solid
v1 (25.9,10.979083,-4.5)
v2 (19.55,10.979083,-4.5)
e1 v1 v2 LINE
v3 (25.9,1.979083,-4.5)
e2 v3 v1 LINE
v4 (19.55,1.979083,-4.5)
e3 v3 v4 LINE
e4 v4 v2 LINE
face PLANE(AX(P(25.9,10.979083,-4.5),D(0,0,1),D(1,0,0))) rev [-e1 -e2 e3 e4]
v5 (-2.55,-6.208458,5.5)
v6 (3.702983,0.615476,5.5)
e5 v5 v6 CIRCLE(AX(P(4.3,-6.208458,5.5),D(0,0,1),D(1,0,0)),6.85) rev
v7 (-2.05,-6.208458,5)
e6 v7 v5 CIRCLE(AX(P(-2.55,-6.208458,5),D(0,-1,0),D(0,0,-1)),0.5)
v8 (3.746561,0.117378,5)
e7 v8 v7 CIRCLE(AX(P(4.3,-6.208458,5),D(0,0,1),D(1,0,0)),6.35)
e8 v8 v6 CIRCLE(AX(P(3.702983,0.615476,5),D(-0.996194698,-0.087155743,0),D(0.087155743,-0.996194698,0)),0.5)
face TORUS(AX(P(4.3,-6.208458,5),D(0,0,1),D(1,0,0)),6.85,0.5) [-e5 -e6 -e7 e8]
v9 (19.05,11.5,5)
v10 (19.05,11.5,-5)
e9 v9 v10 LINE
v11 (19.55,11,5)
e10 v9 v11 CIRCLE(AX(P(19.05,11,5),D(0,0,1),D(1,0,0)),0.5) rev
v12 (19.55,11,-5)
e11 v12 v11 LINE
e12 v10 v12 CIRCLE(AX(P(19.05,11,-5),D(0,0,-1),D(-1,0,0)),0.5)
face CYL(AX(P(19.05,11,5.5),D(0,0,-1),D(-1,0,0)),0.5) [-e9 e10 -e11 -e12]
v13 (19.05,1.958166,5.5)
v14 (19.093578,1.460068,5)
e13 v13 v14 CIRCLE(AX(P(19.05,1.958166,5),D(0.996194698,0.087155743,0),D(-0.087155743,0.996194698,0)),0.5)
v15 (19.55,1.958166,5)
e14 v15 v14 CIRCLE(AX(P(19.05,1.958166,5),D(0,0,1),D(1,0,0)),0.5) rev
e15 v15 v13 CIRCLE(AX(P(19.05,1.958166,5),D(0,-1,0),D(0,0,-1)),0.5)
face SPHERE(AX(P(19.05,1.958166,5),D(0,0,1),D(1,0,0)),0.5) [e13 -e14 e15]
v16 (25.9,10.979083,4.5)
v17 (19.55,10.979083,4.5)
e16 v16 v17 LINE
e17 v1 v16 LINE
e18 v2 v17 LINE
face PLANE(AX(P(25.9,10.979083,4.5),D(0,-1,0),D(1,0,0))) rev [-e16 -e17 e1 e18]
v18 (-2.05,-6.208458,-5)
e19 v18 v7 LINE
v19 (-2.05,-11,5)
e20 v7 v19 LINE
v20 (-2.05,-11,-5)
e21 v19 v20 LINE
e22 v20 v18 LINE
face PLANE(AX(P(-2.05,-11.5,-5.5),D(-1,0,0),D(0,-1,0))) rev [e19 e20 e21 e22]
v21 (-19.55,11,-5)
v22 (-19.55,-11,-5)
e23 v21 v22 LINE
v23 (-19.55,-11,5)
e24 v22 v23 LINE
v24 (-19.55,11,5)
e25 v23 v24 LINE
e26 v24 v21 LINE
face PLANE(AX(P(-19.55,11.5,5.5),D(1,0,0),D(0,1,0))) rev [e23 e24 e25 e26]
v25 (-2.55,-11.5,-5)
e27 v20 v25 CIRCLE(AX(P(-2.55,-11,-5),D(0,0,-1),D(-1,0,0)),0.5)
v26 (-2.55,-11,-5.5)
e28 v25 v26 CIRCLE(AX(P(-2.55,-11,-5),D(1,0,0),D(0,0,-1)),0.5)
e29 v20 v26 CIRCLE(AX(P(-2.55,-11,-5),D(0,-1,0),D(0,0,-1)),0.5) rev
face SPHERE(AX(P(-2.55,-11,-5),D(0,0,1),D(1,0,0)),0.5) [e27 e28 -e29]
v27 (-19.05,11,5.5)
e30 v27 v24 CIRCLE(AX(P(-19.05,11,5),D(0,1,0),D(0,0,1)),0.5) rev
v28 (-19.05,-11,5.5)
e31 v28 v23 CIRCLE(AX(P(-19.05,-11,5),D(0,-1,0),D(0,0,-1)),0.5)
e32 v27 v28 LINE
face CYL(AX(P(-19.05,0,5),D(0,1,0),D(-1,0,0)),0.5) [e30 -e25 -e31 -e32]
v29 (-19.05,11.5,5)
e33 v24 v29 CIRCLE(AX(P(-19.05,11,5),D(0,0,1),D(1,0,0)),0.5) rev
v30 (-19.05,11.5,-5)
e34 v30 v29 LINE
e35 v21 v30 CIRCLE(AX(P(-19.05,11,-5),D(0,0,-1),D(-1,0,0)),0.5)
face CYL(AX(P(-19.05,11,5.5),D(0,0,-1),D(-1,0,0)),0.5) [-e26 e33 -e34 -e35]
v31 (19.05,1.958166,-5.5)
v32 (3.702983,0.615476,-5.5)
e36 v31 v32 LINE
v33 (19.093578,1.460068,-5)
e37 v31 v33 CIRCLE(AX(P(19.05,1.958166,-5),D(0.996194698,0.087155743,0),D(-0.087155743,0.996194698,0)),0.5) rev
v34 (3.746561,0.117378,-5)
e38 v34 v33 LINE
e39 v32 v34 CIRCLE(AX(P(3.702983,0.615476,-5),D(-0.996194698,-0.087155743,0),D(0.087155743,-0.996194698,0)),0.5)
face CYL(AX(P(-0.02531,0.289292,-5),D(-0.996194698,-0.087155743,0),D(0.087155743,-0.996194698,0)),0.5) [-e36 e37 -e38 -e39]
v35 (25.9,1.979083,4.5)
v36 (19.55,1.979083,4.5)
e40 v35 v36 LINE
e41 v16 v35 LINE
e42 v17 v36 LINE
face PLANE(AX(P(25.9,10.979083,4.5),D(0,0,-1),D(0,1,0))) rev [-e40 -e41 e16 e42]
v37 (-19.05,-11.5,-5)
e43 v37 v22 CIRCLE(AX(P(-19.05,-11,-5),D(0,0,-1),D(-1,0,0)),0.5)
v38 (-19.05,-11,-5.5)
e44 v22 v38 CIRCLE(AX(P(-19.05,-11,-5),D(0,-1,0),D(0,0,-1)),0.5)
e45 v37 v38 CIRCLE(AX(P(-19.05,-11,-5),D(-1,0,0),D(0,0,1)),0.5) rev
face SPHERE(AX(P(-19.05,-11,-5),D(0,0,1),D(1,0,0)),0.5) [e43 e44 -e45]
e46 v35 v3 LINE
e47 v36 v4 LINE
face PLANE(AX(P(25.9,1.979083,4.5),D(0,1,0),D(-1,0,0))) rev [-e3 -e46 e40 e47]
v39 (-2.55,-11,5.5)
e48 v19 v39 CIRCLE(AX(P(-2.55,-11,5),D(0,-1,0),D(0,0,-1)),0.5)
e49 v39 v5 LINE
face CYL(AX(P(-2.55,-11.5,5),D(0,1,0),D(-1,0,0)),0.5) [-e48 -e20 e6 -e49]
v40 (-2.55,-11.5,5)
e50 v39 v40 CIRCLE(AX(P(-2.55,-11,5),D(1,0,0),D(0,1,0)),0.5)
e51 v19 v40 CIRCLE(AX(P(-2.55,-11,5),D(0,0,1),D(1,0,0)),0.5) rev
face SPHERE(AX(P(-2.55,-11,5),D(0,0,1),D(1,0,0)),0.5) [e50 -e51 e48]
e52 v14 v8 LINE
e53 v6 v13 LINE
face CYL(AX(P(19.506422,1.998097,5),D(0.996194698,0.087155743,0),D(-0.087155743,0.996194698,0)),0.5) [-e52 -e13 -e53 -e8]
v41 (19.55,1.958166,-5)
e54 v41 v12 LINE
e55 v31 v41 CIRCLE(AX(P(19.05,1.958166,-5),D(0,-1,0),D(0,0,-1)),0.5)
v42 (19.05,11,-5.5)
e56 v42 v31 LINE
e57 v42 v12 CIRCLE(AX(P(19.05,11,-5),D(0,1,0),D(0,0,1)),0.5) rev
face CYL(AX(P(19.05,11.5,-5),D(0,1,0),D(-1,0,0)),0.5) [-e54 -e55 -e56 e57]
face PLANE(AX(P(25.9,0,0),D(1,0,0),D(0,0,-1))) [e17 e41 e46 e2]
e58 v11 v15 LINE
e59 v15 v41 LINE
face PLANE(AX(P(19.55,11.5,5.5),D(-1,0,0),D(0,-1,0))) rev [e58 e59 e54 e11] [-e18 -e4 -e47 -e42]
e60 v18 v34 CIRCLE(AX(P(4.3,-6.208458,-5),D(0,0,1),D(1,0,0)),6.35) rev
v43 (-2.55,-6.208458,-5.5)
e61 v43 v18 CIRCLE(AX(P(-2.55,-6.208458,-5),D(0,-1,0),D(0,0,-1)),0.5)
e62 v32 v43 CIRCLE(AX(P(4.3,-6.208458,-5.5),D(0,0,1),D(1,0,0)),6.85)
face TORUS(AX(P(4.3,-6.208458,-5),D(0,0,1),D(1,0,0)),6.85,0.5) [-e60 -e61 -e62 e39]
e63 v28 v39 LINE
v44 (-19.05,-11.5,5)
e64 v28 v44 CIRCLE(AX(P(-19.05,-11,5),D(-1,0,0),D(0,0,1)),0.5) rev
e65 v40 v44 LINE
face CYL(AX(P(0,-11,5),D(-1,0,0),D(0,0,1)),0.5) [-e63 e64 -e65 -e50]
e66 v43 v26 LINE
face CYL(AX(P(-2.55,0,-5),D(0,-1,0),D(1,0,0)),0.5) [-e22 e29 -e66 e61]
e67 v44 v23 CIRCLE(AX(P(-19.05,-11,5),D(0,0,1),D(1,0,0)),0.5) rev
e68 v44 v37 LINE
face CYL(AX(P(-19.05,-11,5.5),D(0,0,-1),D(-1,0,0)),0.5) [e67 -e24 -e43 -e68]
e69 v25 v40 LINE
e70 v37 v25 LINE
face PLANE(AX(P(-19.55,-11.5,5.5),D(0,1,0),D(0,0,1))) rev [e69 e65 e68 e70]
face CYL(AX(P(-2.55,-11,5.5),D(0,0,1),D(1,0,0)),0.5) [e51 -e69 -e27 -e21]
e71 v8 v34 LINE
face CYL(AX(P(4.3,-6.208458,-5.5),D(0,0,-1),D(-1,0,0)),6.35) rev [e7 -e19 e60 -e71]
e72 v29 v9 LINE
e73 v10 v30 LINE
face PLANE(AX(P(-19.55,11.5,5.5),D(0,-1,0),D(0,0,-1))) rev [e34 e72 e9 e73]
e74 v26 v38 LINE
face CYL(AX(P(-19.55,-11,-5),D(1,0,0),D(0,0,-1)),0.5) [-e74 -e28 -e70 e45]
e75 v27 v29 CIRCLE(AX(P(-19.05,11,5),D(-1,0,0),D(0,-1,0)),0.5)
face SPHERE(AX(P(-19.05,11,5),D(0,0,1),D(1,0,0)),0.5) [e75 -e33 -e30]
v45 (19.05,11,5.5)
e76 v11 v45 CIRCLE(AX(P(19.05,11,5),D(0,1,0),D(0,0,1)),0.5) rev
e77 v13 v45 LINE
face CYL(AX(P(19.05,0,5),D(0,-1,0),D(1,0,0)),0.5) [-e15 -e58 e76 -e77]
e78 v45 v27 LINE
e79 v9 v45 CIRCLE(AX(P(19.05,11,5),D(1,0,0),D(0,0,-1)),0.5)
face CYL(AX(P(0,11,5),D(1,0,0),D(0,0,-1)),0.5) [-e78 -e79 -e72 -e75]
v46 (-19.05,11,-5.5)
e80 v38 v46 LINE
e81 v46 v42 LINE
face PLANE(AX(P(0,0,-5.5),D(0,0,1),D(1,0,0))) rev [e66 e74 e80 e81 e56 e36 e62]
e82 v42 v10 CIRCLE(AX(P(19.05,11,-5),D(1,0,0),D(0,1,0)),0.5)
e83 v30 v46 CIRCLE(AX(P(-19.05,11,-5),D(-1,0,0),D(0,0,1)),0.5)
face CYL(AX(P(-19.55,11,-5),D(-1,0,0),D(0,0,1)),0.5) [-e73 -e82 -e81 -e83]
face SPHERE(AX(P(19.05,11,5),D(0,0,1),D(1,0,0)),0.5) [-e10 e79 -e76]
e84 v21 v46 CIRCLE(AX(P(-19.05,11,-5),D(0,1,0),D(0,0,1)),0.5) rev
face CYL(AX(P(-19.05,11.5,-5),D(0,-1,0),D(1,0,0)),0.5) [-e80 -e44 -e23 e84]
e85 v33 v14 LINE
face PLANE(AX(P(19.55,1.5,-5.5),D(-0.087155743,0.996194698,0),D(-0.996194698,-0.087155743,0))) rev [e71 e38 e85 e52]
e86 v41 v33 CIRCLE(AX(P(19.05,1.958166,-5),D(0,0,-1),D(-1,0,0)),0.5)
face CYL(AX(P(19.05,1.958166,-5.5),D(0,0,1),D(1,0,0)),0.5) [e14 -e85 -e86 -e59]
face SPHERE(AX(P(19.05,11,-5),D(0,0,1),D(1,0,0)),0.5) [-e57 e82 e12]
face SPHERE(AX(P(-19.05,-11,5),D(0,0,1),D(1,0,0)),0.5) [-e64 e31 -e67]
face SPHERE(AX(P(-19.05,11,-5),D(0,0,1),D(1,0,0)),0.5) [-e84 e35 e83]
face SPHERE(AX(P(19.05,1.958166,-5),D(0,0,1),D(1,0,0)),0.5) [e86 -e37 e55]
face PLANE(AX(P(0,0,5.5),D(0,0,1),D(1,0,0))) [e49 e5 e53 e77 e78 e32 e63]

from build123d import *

# Parameters (mm, degrees)
SKETCH1_W           = 39.1
SKETCH1_H           = 23
BOSS_EXTRUDE1_DEPTH = 5.5
CUT_EXTRUDE1_DEPTH  = 26.208183195
FILLET1_R           = 6.35
FILLET2_R           = 0.5
SKETCH3_W           = 9
SKETCH3_H           = 9
BOSS_EXTRUDE2_DEPTH = 6.35


with BuildPart() as part:
    # Sketch1 → Boss-Extrude1 (new, symmetric)
    with BuildSketch(Plane.XY):
        Rectangle(SKETCH1_W, SKETCH1_H)
    extrude(amount=BOSS_EXTRUDE1_DEPTH, both=True)

    # Sketch2 → Cut-Extrude1 (cut, through all)
    with BuildSketch(Plane.XY.offset(5.5)):
        Polygon((19.55, -11.5), (-2.05, -11.5), (-2.05, -0.389755132), (19.55, 1.5), align=None)
    extrude(amount=-CUT_EXTRUDE1_DEPTH, mode=Mode.SUBTRACT)

    # Fillet1
    fillet1_edges = [part.edges().sort_by_distance(p)[0] for p in [
        (-2.05, -0.389755132, 0),
    ]]
    fillet(fillet1_edges, radius=FILLET1_R)

    # Fillet2
    fillet2_edges = [part.edges().sort_by_distance(p)[0] for p in [
        (0, 11.5, 5.5),
        (19.55, 6.5, -5.5),
        (19.55, 6.5, 5.5),
        (19.55, 1.5, 0),
        (-2.05, -11.5, 0),
        (11.648280517, 0.808689123, -5.5),
        (11.648280517, 0.808689123, 5.5),
        (-2.05, -8.854229044, 5.5),
        (-2.05, -8.854229044, -5.5),
        (-0.381711089, -1.918460269, 5.5),
        (-0.381711089, -1.918460269, -5.5),
        (-19.55, 0, 5.5),
        (0, 11.5, -5.5),
        (-10.8, -11.5, -5.5),
        (-19.55, 0, -5.5),
        (-10.8, -11.5, 5.5),
        (-19.55, 11.5, 0),
        (19.55, 11.5, 0),
        (-19.55, -11.5, 0),
    ]]
    fillet(fillet2_edges, radius=FILLET2_R)

    # Sketch3 → Boss-Extrude2 (add)
    with BuildSketch(Plane(origin=(19.55, 0, 0), x_dir=(0, 0, -1), z_dir=(1, 0, 0))):
        with Locations((0, 6.479082794)):
            Rectangle(SKETCH3_W, SKETCH3_H)
    extrude(amount=BOSS_EXTRUDE2_DEPTH)


solid = part.part
